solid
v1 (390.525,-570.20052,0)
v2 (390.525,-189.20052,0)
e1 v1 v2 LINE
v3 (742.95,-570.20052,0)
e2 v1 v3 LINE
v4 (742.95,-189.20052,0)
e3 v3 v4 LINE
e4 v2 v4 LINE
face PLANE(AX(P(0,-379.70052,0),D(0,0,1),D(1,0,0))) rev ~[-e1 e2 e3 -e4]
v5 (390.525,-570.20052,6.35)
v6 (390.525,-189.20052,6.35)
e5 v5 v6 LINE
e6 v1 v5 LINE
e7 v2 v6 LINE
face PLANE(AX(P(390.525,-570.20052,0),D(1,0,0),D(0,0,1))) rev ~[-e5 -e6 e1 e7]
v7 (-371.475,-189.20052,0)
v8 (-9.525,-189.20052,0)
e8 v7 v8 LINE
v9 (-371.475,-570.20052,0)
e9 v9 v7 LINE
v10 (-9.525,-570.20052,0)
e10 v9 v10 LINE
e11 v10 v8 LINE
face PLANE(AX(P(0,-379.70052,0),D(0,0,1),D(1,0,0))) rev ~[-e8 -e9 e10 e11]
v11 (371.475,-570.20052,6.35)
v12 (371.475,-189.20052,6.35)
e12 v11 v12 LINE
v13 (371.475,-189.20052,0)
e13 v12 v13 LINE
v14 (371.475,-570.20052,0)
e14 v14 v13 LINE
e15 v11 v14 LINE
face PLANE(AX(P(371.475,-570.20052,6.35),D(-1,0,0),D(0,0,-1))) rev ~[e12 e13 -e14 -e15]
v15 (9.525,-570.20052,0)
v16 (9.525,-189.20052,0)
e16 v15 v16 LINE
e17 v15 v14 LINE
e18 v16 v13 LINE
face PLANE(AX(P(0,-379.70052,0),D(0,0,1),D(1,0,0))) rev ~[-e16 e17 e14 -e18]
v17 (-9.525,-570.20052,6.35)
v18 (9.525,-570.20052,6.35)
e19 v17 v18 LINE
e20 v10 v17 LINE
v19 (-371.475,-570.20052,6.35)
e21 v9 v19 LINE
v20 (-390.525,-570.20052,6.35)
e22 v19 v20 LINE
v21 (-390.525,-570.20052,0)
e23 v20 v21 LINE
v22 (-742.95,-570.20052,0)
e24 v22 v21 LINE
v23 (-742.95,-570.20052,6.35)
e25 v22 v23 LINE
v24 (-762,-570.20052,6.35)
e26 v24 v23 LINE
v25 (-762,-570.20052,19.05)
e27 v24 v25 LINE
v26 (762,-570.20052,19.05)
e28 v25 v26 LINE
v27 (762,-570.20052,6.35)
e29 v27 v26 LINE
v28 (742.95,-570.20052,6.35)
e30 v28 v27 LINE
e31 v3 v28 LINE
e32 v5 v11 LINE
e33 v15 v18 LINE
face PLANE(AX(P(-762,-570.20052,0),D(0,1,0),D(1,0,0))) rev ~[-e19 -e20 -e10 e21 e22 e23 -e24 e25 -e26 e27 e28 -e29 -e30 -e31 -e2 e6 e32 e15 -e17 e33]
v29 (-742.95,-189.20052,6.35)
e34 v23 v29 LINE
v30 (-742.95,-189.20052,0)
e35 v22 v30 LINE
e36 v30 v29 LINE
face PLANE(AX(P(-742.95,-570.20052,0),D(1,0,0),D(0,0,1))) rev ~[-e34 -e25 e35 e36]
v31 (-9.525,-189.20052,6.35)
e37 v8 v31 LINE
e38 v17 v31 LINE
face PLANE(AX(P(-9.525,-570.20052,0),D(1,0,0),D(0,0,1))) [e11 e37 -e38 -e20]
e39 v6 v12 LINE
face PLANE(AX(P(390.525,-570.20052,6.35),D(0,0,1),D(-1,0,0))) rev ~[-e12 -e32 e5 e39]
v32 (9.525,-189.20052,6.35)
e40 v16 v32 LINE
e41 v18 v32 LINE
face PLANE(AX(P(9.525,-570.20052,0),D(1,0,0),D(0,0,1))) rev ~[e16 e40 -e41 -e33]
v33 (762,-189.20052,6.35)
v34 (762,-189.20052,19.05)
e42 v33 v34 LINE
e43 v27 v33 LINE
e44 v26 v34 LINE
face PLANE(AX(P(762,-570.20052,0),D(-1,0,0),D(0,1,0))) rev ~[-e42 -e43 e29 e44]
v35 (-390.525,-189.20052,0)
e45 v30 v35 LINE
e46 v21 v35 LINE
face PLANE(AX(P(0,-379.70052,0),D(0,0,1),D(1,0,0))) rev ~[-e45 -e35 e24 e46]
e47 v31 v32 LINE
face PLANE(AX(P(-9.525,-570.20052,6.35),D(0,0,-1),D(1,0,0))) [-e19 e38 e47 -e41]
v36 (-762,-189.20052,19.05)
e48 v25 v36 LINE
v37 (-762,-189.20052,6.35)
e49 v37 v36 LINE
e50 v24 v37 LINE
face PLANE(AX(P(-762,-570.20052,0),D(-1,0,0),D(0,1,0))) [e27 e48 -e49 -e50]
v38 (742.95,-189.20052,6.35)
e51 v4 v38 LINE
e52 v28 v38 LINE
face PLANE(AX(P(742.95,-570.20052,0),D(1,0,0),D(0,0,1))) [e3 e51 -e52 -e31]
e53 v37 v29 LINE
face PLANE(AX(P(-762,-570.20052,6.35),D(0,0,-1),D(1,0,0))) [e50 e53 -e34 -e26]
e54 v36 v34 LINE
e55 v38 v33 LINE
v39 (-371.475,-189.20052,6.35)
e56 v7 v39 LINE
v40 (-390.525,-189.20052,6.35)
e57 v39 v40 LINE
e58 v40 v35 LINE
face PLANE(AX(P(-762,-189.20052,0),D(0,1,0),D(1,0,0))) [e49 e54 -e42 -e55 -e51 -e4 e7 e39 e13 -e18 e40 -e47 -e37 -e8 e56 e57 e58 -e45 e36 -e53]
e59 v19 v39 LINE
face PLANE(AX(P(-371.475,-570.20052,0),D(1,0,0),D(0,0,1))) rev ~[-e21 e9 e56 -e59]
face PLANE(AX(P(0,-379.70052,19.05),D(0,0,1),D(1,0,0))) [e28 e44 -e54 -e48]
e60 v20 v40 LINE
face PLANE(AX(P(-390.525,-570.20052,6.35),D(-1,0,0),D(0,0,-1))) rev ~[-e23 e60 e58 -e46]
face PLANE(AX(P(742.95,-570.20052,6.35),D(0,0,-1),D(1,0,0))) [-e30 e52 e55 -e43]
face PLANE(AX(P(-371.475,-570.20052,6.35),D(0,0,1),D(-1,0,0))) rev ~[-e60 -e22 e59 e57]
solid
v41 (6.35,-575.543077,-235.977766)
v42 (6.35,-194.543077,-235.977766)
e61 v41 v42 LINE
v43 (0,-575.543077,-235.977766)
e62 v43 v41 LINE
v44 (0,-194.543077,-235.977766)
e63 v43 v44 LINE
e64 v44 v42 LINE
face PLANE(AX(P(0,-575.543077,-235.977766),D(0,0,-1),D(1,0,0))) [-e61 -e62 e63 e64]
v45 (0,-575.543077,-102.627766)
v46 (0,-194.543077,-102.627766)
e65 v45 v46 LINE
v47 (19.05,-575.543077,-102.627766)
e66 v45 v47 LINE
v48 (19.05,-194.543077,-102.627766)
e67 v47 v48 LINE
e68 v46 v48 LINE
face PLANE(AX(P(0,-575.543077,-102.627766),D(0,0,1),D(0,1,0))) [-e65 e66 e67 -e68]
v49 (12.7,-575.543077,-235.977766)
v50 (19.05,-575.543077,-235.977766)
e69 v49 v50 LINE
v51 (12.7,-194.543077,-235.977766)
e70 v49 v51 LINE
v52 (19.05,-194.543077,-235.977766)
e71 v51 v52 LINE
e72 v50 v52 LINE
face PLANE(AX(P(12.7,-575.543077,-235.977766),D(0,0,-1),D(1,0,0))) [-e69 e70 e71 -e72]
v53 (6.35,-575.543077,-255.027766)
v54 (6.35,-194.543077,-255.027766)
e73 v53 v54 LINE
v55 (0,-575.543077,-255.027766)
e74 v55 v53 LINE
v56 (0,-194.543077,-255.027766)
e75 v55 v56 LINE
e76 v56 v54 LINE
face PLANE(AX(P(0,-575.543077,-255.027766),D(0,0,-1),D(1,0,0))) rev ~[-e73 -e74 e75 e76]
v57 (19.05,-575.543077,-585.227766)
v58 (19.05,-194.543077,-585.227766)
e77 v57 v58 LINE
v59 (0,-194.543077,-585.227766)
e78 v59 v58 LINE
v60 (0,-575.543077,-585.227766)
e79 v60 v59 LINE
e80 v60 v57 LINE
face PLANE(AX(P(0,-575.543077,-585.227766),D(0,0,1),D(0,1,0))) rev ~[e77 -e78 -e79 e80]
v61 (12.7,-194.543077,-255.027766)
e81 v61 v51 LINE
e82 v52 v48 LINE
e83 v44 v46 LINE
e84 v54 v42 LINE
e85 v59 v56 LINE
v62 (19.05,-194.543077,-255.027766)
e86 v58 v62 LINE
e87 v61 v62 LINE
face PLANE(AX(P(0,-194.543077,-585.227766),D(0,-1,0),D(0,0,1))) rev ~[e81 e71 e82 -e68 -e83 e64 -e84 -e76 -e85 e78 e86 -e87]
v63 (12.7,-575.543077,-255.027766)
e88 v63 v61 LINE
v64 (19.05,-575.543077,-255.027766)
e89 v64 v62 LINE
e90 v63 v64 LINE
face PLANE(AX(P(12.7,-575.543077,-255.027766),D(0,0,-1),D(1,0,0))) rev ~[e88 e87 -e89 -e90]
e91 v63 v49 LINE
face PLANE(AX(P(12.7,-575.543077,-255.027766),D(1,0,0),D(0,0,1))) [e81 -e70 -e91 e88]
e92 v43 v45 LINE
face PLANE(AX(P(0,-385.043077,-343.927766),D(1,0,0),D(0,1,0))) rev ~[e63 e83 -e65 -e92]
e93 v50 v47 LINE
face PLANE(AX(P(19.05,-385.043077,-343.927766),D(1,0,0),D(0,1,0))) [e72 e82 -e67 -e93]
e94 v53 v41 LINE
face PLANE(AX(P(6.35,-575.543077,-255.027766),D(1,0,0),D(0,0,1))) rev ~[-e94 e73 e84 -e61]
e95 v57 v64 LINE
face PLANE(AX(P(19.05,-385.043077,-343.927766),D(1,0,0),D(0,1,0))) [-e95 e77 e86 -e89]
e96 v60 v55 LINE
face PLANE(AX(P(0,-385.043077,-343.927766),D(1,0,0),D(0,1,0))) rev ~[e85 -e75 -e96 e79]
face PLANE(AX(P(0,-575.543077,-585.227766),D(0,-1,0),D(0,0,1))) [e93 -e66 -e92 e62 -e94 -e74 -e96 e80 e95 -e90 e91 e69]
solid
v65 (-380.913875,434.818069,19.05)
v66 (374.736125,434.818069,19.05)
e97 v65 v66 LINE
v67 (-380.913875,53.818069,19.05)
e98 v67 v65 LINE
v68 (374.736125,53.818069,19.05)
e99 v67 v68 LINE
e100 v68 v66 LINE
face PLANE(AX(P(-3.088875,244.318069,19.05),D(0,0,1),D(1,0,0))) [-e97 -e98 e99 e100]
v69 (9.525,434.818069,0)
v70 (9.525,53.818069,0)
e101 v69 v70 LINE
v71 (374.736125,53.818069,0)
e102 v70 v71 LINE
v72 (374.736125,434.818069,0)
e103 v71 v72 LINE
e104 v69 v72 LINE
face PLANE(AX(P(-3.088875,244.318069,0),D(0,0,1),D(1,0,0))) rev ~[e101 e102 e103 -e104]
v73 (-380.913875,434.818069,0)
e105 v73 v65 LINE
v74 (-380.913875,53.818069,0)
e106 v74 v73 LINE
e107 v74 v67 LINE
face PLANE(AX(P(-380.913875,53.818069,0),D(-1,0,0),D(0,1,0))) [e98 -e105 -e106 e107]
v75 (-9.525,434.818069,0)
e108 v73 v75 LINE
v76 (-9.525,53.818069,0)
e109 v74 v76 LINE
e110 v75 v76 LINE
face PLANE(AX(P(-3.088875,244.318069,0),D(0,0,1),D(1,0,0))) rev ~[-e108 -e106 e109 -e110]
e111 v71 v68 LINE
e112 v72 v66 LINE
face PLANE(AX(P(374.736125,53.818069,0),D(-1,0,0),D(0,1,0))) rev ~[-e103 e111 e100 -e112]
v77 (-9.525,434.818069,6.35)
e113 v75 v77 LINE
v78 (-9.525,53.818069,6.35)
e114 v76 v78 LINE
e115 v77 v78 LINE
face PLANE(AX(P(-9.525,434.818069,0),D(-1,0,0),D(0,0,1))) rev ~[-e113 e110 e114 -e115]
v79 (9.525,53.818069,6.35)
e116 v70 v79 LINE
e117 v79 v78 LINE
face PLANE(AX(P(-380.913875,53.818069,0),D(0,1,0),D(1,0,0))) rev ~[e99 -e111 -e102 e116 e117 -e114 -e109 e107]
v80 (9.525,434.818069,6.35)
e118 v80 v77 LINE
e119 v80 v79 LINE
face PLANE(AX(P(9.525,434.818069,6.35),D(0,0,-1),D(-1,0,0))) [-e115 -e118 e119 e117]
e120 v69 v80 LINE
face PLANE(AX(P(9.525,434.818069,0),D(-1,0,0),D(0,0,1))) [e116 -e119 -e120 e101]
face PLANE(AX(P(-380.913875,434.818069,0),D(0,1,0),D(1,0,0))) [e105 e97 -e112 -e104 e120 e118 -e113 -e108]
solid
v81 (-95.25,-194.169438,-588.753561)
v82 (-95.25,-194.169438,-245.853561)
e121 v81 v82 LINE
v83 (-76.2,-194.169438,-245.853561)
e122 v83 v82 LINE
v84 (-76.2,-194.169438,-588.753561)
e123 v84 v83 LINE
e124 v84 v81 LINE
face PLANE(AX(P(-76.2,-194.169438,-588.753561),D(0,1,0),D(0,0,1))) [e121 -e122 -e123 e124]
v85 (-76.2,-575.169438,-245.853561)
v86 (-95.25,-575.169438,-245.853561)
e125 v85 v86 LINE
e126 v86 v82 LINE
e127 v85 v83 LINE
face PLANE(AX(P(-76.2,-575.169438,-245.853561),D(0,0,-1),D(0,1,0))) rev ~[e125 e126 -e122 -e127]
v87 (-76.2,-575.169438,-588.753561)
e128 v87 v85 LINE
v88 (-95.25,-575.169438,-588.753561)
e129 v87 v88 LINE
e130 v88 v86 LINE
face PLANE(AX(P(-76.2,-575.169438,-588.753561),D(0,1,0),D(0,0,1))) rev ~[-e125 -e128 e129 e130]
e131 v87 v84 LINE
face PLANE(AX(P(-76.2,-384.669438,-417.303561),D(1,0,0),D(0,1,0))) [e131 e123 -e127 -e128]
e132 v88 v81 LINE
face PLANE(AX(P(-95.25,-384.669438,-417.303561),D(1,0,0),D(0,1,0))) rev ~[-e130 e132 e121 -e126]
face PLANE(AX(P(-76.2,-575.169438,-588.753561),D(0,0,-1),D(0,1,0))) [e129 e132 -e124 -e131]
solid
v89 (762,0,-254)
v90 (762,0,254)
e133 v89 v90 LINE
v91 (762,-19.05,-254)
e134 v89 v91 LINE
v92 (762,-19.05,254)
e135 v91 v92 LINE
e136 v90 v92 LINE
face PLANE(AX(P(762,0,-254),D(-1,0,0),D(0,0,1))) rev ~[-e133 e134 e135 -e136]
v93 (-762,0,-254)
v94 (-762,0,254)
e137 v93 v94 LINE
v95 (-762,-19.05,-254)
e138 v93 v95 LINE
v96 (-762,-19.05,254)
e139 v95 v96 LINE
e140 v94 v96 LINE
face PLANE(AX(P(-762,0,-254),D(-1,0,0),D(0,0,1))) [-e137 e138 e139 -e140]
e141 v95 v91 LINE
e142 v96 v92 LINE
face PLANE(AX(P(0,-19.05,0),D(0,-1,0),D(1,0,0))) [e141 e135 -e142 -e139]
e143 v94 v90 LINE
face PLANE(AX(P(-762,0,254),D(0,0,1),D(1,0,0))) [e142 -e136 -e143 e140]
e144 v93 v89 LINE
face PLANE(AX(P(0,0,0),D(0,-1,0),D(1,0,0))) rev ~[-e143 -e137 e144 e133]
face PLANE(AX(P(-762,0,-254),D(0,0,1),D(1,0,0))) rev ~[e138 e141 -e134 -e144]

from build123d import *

# Parameters (mm, degrees)
F0_W      = 1524
F0_H      = 508
F1_DEPTH  = 19.05
F2_W      = 1524
F2_H      = 381
F3_DEPTH  = 19.05
F4_W      = 381
F4_H      = 482.6
F5_DEPTH  = 19.05
F6_W      = 19.05
F6_H      = 6.35
F7_DEPTH  = 381
F8_W      = 6.35
F8_H      = 19.05
F9_DEPTH  = 381
F10_W     = 755.65
F10_H     = 381
F11_DEPTH = 19.05
F12_W     = 19.05
F12_H     = 6.35
F13_DEPTH = 381
F15_START = -76.2
F14_W     = 381
F14_H     = 342.9
F15_DEPTH = 19.05


with BuildPart() as f1:
    # F0 (on Front) → F1 (new body)
    with BuildSketch(Plane.XZ):
        Rectangle(F0_W, F0_H)
    extrude(amount=F1_DEPTH)


with BuildPart() as f3:
    # F2 (on Top) → F3 (new body)
    with BuildSketch(Plane.XY):
        with Locations((0, -379.7005197639)):
            Rectangle(F2_W, F2_H)
    extrude(amount=F3_DEPTH)

    # F6 (on face) → F7 (cut)
    with BuildSketch(Plane.XZ.offset(570.2005197639)):
        with Locations((-752.475, 3.175)):
            Rectangle(F6_W, F6_H)
        Polygon((-390.525, 6.35), (-390.525, 0), (-381, 0), (-371.475, 0), (-371.475, 6.35), align=None)
        with Locations((0, 3.175)):
            Rectangle(F6_W, F6_H)
        Polygon((371.475, 6.35), (371.475, 0), (381, 0), (390.525, 0), (390.525, 6.35), align=None)
        with Locations((752.475, 3.175)):
            Rectangle(F6_W, F6_H)
    extrude(amount=-F7_DEPTH, mode=Mode.SUBTRACT)


with BuildPart() as f5:
    # F4 (on Right) → F5 (new body)
    with BuildSketch(Plane.YZ):
        with Locations((-385.0430771708, -343.9277655403)):
            Rectangle(F4_W, F4_H)
    extrude(amount=F5_DEPTH)

    # F8 (on face) → F9 (cut)
    with BuildSketch(Plane.XZ.offset(575.5430771708)):
        with Locations((15.875, -245.5027655403)):
            Rectangle(F8_W, F8_H)
        with Locations((3.175, -245.5027655403)):
            Rectangle(F8_W, F8_H)
    extrude(amount=-F9_DEPTH, mode=Mode.SUBTRACT)


with BuildPart() as f11:
    # F10 (on Top) → F11 (new body)
    with BuildSketch(Plane.XY):
        with Locations((-3.088874507, 244.3180690193)):
            Rectangle(F10_W, F10_H)
    extrude(amount=F11_DEPTH)

    # F12 (on face) → F13 (cut)
    with BuildSketch(Plane(origin=(0, 434.8180690193, 0), x_dir=(-1, 0, 0), z_dir=(0, 1, 0))):
        with Locations((0, 3.175)):
            Rectangle(F12_W, F12_H)
    extrude(amount=-F13_DEPTH, mode=Mode.SUBTRACT)


with BuildPart() as f15:
    # F14 (on Right) → F15 (new body)
    with BuildSketch(Plane.YZ.offset(F15_START)):
        with Locations((-384.6694380045, -417.3035614729)):
            Rectangle(F14_W, F14_H)
    extrude(amount=-F15_DEPTH)


solid = Compound([f1.part, f3.part, f5.part, f11.part, f15.part])
